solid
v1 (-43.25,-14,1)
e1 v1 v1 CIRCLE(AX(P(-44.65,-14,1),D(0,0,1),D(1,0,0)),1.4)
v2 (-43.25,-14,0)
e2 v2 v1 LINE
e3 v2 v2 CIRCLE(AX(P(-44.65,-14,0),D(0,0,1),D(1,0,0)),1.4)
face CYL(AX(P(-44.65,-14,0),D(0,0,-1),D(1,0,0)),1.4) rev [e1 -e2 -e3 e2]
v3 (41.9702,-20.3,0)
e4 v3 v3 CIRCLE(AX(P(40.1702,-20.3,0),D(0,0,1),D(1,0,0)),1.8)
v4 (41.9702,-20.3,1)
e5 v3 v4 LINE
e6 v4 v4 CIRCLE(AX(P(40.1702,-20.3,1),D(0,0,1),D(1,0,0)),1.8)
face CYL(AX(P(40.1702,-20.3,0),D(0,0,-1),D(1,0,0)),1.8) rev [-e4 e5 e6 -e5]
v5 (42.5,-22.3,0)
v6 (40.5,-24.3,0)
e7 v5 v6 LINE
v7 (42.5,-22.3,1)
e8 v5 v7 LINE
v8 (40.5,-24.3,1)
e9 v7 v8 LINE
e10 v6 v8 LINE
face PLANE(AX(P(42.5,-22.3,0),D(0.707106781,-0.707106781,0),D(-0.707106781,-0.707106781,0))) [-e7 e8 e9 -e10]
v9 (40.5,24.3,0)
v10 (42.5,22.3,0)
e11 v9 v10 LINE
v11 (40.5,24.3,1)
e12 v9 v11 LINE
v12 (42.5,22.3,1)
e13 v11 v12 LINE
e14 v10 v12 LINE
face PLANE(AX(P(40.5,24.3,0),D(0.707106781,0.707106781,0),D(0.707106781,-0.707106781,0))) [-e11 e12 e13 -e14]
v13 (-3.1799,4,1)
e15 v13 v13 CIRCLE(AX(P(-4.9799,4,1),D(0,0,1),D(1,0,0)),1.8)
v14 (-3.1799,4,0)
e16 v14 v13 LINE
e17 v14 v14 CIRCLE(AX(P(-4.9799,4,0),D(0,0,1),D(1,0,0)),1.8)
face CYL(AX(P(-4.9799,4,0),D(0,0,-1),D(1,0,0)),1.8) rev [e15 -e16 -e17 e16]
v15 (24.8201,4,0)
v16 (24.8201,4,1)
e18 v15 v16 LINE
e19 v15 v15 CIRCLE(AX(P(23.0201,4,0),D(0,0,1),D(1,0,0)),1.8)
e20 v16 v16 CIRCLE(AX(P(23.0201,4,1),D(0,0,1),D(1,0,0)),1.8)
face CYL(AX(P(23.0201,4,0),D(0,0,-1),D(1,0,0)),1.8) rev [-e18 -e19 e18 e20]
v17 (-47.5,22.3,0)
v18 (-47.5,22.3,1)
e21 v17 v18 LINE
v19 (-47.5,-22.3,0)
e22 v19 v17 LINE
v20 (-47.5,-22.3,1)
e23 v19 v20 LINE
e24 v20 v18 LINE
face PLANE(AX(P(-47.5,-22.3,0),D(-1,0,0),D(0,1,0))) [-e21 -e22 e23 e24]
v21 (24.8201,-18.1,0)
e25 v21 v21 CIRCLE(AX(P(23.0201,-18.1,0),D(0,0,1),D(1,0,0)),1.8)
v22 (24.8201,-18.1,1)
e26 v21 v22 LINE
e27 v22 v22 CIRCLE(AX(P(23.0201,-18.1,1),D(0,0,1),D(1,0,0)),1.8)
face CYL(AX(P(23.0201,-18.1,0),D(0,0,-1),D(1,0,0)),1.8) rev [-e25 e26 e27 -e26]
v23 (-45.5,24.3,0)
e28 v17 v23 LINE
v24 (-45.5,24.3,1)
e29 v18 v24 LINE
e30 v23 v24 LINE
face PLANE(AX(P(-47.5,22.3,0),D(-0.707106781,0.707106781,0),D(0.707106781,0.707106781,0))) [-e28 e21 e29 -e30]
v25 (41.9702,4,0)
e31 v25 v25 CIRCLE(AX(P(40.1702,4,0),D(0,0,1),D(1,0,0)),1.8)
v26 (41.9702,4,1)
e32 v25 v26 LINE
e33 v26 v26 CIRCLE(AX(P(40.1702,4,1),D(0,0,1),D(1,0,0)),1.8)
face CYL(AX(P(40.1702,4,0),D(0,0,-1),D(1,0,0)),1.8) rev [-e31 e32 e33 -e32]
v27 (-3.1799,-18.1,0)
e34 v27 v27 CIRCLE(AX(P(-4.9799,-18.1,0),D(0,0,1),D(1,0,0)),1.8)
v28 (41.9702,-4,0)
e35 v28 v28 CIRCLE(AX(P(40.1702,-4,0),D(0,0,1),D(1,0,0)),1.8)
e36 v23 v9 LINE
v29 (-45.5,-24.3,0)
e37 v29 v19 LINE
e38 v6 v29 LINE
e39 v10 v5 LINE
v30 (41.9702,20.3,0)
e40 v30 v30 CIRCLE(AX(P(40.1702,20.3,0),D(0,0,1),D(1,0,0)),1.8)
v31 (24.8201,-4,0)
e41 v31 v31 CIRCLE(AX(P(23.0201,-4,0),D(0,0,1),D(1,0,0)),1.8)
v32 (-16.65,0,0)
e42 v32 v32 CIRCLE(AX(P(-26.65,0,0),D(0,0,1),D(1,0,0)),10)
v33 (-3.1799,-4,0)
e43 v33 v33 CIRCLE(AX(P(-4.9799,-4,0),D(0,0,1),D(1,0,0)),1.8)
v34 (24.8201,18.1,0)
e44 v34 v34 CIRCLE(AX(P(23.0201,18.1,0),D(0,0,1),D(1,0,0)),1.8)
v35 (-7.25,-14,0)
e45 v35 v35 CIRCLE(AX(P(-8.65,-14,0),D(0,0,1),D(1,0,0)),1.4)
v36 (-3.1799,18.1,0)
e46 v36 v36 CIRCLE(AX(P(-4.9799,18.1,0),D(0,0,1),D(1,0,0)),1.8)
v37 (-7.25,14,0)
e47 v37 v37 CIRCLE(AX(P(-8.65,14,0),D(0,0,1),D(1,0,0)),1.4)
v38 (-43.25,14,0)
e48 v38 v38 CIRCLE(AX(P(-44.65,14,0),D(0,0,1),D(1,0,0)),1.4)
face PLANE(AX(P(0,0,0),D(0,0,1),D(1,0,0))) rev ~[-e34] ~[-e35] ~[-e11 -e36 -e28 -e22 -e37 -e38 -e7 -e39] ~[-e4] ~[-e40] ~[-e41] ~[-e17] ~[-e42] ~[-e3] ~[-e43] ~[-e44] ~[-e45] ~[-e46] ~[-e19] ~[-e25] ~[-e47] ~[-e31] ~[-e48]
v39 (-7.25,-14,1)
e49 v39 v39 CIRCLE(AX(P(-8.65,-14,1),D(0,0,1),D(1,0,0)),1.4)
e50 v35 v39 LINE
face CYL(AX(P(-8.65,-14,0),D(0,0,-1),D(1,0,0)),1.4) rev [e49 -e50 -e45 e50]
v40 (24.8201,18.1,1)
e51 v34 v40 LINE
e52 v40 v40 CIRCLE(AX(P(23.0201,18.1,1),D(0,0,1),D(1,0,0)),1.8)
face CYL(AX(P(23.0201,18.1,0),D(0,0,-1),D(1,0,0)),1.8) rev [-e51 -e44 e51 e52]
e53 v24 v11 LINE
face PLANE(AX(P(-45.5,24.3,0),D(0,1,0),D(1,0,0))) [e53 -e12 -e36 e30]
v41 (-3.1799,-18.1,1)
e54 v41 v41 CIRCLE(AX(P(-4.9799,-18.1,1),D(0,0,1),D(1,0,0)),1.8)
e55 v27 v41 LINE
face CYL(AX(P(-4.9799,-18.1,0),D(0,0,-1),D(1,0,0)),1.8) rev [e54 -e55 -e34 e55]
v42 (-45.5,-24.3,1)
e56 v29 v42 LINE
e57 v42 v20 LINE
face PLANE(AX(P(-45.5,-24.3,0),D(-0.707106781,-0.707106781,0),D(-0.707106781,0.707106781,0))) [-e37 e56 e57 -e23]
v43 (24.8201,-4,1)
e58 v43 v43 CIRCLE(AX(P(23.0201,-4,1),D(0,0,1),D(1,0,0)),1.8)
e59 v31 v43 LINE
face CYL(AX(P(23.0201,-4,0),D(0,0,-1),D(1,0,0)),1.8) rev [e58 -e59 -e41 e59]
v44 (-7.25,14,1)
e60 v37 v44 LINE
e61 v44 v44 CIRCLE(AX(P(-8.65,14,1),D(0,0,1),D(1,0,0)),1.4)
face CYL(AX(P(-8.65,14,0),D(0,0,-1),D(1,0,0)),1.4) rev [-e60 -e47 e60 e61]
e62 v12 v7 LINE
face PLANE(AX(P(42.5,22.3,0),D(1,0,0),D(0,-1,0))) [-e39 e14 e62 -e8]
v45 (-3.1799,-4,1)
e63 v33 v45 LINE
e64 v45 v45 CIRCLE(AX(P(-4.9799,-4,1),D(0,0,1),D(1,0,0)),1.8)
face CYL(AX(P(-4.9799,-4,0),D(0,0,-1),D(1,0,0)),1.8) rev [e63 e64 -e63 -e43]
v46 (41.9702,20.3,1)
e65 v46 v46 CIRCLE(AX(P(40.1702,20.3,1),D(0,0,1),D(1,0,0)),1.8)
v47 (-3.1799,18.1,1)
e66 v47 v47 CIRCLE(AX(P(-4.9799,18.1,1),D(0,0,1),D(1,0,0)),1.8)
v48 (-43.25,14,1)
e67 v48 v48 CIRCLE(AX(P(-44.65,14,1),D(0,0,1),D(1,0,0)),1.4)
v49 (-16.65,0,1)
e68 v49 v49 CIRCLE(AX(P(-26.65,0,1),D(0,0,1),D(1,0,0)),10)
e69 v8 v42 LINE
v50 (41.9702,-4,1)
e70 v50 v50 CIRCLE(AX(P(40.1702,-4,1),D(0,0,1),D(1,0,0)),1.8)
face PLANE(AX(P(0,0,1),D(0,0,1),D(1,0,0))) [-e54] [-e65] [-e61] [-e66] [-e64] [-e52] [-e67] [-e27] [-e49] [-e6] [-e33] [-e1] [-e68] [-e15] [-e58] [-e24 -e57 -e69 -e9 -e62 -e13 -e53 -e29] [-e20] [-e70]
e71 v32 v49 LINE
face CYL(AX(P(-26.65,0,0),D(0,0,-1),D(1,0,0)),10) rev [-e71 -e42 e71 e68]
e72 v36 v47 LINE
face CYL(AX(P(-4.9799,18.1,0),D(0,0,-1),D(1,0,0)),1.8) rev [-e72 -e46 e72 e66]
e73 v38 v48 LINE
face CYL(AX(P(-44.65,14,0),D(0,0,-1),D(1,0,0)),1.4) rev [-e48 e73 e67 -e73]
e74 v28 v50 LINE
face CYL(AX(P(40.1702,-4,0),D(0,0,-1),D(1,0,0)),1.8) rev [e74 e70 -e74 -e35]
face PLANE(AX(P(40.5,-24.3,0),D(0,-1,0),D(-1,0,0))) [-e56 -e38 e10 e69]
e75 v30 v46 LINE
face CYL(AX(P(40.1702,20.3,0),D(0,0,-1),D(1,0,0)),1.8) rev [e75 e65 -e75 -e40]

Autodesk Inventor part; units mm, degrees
ref_plane "YZ Plane" through (0, 0, 0) normal (1, 0, 0) x (0, 1, 0)
ref_plane "XZ Plane" through (0, 0, 0) normal (0, 1, 0) x (-1, 0, 0)
ref_plane "XY Plane" through (0, 0, 0) normal (0, 0, 1) x (1, 0, 0)
ref_plane "Arbeitsebene1" through (0, 0, 0) normal (0, 0, 1) x (1, 0, 0)
sketch "Skizze1" plane through (0, 0, 0) normal (0, 0, 1) x (1, 0, 0)
  circle A0 centre (-44.65, -14) radius 1.4 projected
  circle A1 centre (-44.65, 14) radius 1.4 projected
  circle A2 centre (-8.65, -14) radius 1.4 projected
  circle A3 centre (-8.65, 14) radius 1.4 projected
  circle A4 centre (23.0201, 18.1) radius 1.8 projected
  circle A5 centre (-4.9799, 18.1) radius 1.8 projected
  circle A6 centre (-4.9799, 4) radius 1.8 projected
  circle A7 centre (-4.9799, -4) radius 1.8 projected
  circle A8 centre (-4.9799, -18.1) radius 1.8 projected
  circle A9 centre (23.0201, -18.1) radius 1.8 projected
  circle A10 centre (23.0201, 4) radius 1.8 projected
  circle A11 centre (23.0201, -4) radius 1.8 projected
  circle A12 centre (40.1702, -4) radius 1.8 projected
  circle A13 centre (40.1702, -20.3) radius 1.8 projected
  circle A14 centre (40.1702, 4) radius 1.8 projected
  circle A15 centre (40.1702, 20.3) radius 1.8 projected
  line L0 (-45.5, -24.3) -> (-47.5, -22.3) projected
  line L1 (40.5, -24.3) -> (-45.5, -24.3) projected
  line L2 (42.5, -22.3) -> (40.5, -24.3) projected
  line L3 (42.5, 22.3) -> (42.5, -22.3) projected
  line L4 (40.5, 24.3) -> (42.5, 22.3) projected
  line L5 (-45.5, 24.3) -> (40.5, 24.3) projected
  line L6 (-47.5, 22.3) -> (-45.5, 24.3) projected
  line L7 (-47.5, -22.3) -> (-47.5, 22.3) projected
  circle A16 centre (-26.65, 0) radius 10 projected
  point P0 (0, 0)
extrude "Extrusion1" add sketch "Skizze1" along normal blind 1
properties part number "60_Planktoscope_Sampleholder_spacer"
